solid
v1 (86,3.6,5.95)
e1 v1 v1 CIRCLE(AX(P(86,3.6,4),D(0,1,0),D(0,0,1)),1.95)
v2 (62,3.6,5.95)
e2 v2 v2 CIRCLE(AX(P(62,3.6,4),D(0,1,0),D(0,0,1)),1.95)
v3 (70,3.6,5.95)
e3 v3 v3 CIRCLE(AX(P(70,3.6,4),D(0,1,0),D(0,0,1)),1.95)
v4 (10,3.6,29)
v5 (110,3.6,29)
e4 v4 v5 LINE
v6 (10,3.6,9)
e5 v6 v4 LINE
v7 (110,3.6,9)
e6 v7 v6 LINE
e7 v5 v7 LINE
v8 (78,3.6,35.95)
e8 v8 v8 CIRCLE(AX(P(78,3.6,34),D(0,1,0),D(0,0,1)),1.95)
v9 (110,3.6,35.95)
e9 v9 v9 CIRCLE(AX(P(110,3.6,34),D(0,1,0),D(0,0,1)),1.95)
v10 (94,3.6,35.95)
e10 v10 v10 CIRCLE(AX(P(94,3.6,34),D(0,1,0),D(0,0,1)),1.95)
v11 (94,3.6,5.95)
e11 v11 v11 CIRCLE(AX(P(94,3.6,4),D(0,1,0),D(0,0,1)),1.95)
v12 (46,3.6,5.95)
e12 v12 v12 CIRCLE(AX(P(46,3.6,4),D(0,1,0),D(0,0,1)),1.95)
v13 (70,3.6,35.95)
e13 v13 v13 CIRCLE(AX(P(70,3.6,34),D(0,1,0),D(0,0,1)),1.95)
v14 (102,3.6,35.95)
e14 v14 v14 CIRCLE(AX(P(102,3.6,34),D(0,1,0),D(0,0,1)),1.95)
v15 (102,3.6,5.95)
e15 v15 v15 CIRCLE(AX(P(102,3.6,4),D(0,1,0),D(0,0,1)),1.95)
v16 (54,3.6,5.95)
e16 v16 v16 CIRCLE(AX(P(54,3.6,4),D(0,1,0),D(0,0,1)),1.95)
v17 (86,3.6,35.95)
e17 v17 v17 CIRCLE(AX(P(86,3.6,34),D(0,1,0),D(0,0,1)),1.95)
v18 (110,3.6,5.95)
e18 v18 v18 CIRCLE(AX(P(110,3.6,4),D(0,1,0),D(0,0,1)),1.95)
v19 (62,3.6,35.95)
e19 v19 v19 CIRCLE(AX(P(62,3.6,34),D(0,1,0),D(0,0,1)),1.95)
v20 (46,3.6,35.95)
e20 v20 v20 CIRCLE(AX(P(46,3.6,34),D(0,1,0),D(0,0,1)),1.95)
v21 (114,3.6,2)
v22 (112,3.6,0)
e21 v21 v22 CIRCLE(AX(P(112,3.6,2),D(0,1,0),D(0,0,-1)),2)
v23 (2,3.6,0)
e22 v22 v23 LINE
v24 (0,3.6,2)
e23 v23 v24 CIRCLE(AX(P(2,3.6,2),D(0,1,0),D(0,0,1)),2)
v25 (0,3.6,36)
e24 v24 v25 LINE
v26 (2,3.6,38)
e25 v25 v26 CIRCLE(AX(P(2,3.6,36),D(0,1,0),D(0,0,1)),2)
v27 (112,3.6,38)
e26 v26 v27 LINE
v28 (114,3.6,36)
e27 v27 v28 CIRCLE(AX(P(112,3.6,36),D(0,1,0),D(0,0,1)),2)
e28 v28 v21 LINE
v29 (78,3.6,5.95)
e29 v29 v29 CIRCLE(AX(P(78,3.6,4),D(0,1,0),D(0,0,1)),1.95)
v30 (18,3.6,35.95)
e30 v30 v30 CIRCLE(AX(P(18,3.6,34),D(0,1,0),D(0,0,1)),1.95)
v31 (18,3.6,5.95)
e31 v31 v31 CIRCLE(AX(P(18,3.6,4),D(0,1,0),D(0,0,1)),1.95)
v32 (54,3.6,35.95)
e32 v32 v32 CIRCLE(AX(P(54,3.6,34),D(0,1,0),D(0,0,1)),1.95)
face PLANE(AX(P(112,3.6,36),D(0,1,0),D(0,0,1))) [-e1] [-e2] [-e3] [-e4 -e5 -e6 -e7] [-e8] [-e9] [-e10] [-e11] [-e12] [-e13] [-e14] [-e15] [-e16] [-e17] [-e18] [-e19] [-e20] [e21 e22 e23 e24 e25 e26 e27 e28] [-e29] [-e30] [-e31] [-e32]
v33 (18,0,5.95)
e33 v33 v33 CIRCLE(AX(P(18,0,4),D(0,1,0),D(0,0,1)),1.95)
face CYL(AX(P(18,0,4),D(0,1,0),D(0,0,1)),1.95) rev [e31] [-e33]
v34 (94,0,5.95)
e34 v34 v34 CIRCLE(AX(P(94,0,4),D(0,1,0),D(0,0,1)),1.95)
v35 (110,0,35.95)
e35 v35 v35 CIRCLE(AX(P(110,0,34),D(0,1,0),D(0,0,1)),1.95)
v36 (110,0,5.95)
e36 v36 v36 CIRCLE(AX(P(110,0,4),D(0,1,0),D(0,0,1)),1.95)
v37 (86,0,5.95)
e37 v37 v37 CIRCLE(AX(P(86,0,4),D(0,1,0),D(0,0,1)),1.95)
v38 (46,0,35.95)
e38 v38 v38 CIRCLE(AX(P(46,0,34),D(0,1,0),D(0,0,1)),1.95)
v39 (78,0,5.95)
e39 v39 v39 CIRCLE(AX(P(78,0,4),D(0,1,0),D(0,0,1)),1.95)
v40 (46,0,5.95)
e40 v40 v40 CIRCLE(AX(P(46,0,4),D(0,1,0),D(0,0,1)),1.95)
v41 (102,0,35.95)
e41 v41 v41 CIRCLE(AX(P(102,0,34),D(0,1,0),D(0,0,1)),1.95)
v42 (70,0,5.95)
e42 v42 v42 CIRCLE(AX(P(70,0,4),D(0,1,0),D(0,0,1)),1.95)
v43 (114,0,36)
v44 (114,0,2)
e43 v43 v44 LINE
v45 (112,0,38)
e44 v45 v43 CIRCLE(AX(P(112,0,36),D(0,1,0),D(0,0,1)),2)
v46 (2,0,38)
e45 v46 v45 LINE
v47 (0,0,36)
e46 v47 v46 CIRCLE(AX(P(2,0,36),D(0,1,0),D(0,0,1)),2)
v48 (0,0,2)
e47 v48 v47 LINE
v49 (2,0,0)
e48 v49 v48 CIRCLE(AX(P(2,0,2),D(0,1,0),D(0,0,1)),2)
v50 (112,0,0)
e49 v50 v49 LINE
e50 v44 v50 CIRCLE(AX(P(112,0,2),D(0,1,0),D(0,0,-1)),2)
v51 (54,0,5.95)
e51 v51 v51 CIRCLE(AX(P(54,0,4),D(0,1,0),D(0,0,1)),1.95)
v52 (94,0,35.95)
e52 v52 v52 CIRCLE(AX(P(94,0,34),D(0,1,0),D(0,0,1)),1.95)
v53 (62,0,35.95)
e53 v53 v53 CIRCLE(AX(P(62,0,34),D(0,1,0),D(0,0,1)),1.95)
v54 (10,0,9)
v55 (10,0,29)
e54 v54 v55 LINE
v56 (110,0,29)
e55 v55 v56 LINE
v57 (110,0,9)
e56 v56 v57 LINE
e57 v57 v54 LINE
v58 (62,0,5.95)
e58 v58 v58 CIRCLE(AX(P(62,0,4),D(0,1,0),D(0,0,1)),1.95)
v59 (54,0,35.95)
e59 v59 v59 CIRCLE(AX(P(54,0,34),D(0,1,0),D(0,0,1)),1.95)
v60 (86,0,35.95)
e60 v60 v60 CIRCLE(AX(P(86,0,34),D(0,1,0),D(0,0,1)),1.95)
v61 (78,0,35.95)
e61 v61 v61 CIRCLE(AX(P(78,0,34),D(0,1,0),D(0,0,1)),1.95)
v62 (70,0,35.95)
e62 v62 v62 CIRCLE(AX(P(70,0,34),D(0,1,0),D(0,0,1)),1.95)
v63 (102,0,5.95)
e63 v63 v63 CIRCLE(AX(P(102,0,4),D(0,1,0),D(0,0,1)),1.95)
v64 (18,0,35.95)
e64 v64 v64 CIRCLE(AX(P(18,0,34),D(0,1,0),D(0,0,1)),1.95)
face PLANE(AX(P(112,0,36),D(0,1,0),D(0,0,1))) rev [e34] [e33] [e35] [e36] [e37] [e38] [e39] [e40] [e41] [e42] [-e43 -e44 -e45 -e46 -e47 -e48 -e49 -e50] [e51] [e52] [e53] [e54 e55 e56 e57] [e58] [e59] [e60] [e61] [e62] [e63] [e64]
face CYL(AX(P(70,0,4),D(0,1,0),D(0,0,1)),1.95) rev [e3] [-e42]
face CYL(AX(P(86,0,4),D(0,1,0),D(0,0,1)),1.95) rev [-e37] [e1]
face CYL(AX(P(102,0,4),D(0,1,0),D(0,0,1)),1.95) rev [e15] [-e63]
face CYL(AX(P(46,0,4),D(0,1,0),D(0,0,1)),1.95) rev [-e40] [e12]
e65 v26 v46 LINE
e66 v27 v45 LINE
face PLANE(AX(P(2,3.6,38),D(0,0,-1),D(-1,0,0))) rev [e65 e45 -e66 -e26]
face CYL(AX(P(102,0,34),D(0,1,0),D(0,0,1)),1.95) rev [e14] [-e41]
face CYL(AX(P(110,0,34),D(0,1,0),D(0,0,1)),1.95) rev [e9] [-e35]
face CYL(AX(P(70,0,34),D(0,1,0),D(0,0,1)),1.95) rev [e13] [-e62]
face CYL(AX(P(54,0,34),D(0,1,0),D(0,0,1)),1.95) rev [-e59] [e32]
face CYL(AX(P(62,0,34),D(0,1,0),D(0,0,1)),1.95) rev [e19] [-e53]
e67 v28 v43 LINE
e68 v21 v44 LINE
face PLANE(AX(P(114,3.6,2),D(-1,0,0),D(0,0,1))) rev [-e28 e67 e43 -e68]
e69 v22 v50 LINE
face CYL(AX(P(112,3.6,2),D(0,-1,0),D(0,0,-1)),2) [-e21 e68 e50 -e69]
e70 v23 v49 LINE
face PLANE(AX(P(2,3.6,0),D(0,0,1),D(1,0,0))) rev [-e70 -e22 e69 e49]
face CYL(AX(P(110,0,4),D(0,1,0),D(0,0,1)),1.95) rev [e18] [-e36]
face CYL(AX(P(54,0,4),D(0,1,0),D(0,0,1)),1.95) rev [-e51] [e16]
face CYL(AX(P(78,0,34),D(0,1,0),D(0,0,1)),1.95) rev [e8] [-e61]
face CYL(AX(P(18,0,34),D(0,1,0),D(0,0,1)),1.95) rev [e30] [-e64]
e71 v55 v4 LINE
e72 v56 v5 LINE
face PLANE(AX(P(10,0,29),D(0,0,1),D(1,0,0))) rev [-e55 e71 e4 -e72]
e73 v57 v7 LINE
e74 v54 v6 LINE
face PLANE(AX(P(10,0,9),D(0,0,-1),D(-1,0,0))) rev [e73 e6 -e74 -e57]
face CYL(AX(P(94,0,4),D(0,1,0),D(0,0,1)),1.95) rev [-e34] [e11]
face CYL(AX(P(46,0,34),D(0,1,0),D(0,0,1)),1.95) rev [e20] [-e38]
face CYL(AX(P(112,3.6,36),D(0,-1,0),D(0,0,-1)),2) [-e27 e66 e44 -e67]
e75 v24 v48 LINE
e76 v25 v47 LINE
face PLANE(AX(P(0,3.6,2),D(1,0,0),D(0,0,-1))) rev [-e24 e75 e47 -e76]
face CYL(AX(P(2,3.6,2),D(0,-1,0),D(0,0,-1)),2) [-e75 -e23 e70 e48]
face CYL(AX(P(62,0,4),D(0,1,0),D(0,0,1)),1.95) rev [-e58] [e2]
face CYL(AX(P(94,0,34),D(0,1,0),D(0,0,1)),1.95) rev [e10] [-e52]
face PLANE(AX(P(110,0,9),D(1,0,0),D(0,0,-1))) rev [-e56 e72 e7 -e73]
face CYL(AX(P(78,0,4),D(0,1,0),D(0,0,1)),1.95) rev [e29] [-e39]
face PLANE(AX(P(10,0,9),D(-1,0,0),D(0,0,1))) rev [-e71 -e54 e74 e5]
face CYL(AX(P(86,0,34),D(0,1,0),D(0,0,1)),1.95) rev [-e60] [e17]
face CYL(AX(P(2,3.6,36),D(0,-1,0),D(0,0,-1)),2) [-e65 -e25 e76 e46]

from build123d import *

# Parameters (mm, degrees)
BOSS_EXTRUDE1_DEPTH = 3.6
SKETCH2_R           = 1.95
SKETCH2_W           = 100
SKETCH2_H           = 20
CUT_EXTRUDE1_DEPTH  = 3.6


with BuildPart() as part:
    # Sketch1 → Boss-Extrude1 (new body)
    with BuildSketch(Plane(origin=(0, 0, 0), x_dir=(1, 0, 0), z_dir=(0, 1, 0))):
        with BuildLine():
            Line((2, 0), (112, 0))
            ThreePointArc((112, 0), (113.414213562, -0.585786438), (114, -2))
            Line((114, -2), (114, -36))
            ThreePointArc((114, -36), (113.414213562, -37.414213562), (112, -38))
            Line((112, -38), (2, -38))
            ThreePointArc((2, -38), (0.585786438, -37.414213562), (0, -36))
            Line((0, -36), (0, -2))
            ThreePointArc((0, -2), (0.585786438, -0.585786438), (2, 0))
        make_face()
    extrude(amount=BOSS_EXTRUDE1_DEPTH)

    # Sketch2 → Cut-Extrude1 (cut)
    with BuildSketch(Plane(origin=(0, 3.6, 0), x_dir=(1, 0, 0), z_dir=(0, 1, 0))):
        with Locations((110, -4)):
            Circle(SKETCH2_R)
        with Locations((102, -4)):
            Circle(SKETCH2_R)
        with Locations((18, -4)):
            Circle(SKETCH2_R)
        with Locations((46, -4)):
            Circle(SKETCH2_R)
        with Locations((54, -4)):
            Circle(SKETCH2_R)
        with Locations((62, -4)):
            Circle(SKETCH2_R)
        with Locations((70, -4)):
            Circle(SKETCH2_R)
        with Locations((78, -4)):
            Circle(SKETCH2_R)
        with Locations((86, -4)):
            Circle(SKETCH2_R)
        with Locations((94, -4)):
            Circle(SKETCH2_R)
        with Locations((110, -34)):
            Circle(SKETCH2_R)
        with Locations((102, -34)):
            Circle(SKETCH2_R)
        with Locations((18, -34)):
            Circle(SKETCH2_R)
        with Locations((46, -34)):
            Circle(SKETCH2_R)
        with Locations((54, -34)):
            Circle(SKETCH2_R)
        with Locations((62, -34)):
            Circle(SKETCH2_R)
        with Locations((70, -34)):
            Circle(SKETCH2_R)
        with Locations((78, -34)):
            Circle(SKETCH2_R)
        with Locations((86, -34)):
            Circle(SKETCH2_R)
        with Locations((94, -34)):
            Circle(SKETCH2_R)
        with Locations((60, -19)):
            Rectangle(SKETCH2_W, SKETCH2_H)
    extrude(amount=-CUT_EXTRUDE1_DEPTH, mode=Mode.SUBTRACT)


solid = part.part
